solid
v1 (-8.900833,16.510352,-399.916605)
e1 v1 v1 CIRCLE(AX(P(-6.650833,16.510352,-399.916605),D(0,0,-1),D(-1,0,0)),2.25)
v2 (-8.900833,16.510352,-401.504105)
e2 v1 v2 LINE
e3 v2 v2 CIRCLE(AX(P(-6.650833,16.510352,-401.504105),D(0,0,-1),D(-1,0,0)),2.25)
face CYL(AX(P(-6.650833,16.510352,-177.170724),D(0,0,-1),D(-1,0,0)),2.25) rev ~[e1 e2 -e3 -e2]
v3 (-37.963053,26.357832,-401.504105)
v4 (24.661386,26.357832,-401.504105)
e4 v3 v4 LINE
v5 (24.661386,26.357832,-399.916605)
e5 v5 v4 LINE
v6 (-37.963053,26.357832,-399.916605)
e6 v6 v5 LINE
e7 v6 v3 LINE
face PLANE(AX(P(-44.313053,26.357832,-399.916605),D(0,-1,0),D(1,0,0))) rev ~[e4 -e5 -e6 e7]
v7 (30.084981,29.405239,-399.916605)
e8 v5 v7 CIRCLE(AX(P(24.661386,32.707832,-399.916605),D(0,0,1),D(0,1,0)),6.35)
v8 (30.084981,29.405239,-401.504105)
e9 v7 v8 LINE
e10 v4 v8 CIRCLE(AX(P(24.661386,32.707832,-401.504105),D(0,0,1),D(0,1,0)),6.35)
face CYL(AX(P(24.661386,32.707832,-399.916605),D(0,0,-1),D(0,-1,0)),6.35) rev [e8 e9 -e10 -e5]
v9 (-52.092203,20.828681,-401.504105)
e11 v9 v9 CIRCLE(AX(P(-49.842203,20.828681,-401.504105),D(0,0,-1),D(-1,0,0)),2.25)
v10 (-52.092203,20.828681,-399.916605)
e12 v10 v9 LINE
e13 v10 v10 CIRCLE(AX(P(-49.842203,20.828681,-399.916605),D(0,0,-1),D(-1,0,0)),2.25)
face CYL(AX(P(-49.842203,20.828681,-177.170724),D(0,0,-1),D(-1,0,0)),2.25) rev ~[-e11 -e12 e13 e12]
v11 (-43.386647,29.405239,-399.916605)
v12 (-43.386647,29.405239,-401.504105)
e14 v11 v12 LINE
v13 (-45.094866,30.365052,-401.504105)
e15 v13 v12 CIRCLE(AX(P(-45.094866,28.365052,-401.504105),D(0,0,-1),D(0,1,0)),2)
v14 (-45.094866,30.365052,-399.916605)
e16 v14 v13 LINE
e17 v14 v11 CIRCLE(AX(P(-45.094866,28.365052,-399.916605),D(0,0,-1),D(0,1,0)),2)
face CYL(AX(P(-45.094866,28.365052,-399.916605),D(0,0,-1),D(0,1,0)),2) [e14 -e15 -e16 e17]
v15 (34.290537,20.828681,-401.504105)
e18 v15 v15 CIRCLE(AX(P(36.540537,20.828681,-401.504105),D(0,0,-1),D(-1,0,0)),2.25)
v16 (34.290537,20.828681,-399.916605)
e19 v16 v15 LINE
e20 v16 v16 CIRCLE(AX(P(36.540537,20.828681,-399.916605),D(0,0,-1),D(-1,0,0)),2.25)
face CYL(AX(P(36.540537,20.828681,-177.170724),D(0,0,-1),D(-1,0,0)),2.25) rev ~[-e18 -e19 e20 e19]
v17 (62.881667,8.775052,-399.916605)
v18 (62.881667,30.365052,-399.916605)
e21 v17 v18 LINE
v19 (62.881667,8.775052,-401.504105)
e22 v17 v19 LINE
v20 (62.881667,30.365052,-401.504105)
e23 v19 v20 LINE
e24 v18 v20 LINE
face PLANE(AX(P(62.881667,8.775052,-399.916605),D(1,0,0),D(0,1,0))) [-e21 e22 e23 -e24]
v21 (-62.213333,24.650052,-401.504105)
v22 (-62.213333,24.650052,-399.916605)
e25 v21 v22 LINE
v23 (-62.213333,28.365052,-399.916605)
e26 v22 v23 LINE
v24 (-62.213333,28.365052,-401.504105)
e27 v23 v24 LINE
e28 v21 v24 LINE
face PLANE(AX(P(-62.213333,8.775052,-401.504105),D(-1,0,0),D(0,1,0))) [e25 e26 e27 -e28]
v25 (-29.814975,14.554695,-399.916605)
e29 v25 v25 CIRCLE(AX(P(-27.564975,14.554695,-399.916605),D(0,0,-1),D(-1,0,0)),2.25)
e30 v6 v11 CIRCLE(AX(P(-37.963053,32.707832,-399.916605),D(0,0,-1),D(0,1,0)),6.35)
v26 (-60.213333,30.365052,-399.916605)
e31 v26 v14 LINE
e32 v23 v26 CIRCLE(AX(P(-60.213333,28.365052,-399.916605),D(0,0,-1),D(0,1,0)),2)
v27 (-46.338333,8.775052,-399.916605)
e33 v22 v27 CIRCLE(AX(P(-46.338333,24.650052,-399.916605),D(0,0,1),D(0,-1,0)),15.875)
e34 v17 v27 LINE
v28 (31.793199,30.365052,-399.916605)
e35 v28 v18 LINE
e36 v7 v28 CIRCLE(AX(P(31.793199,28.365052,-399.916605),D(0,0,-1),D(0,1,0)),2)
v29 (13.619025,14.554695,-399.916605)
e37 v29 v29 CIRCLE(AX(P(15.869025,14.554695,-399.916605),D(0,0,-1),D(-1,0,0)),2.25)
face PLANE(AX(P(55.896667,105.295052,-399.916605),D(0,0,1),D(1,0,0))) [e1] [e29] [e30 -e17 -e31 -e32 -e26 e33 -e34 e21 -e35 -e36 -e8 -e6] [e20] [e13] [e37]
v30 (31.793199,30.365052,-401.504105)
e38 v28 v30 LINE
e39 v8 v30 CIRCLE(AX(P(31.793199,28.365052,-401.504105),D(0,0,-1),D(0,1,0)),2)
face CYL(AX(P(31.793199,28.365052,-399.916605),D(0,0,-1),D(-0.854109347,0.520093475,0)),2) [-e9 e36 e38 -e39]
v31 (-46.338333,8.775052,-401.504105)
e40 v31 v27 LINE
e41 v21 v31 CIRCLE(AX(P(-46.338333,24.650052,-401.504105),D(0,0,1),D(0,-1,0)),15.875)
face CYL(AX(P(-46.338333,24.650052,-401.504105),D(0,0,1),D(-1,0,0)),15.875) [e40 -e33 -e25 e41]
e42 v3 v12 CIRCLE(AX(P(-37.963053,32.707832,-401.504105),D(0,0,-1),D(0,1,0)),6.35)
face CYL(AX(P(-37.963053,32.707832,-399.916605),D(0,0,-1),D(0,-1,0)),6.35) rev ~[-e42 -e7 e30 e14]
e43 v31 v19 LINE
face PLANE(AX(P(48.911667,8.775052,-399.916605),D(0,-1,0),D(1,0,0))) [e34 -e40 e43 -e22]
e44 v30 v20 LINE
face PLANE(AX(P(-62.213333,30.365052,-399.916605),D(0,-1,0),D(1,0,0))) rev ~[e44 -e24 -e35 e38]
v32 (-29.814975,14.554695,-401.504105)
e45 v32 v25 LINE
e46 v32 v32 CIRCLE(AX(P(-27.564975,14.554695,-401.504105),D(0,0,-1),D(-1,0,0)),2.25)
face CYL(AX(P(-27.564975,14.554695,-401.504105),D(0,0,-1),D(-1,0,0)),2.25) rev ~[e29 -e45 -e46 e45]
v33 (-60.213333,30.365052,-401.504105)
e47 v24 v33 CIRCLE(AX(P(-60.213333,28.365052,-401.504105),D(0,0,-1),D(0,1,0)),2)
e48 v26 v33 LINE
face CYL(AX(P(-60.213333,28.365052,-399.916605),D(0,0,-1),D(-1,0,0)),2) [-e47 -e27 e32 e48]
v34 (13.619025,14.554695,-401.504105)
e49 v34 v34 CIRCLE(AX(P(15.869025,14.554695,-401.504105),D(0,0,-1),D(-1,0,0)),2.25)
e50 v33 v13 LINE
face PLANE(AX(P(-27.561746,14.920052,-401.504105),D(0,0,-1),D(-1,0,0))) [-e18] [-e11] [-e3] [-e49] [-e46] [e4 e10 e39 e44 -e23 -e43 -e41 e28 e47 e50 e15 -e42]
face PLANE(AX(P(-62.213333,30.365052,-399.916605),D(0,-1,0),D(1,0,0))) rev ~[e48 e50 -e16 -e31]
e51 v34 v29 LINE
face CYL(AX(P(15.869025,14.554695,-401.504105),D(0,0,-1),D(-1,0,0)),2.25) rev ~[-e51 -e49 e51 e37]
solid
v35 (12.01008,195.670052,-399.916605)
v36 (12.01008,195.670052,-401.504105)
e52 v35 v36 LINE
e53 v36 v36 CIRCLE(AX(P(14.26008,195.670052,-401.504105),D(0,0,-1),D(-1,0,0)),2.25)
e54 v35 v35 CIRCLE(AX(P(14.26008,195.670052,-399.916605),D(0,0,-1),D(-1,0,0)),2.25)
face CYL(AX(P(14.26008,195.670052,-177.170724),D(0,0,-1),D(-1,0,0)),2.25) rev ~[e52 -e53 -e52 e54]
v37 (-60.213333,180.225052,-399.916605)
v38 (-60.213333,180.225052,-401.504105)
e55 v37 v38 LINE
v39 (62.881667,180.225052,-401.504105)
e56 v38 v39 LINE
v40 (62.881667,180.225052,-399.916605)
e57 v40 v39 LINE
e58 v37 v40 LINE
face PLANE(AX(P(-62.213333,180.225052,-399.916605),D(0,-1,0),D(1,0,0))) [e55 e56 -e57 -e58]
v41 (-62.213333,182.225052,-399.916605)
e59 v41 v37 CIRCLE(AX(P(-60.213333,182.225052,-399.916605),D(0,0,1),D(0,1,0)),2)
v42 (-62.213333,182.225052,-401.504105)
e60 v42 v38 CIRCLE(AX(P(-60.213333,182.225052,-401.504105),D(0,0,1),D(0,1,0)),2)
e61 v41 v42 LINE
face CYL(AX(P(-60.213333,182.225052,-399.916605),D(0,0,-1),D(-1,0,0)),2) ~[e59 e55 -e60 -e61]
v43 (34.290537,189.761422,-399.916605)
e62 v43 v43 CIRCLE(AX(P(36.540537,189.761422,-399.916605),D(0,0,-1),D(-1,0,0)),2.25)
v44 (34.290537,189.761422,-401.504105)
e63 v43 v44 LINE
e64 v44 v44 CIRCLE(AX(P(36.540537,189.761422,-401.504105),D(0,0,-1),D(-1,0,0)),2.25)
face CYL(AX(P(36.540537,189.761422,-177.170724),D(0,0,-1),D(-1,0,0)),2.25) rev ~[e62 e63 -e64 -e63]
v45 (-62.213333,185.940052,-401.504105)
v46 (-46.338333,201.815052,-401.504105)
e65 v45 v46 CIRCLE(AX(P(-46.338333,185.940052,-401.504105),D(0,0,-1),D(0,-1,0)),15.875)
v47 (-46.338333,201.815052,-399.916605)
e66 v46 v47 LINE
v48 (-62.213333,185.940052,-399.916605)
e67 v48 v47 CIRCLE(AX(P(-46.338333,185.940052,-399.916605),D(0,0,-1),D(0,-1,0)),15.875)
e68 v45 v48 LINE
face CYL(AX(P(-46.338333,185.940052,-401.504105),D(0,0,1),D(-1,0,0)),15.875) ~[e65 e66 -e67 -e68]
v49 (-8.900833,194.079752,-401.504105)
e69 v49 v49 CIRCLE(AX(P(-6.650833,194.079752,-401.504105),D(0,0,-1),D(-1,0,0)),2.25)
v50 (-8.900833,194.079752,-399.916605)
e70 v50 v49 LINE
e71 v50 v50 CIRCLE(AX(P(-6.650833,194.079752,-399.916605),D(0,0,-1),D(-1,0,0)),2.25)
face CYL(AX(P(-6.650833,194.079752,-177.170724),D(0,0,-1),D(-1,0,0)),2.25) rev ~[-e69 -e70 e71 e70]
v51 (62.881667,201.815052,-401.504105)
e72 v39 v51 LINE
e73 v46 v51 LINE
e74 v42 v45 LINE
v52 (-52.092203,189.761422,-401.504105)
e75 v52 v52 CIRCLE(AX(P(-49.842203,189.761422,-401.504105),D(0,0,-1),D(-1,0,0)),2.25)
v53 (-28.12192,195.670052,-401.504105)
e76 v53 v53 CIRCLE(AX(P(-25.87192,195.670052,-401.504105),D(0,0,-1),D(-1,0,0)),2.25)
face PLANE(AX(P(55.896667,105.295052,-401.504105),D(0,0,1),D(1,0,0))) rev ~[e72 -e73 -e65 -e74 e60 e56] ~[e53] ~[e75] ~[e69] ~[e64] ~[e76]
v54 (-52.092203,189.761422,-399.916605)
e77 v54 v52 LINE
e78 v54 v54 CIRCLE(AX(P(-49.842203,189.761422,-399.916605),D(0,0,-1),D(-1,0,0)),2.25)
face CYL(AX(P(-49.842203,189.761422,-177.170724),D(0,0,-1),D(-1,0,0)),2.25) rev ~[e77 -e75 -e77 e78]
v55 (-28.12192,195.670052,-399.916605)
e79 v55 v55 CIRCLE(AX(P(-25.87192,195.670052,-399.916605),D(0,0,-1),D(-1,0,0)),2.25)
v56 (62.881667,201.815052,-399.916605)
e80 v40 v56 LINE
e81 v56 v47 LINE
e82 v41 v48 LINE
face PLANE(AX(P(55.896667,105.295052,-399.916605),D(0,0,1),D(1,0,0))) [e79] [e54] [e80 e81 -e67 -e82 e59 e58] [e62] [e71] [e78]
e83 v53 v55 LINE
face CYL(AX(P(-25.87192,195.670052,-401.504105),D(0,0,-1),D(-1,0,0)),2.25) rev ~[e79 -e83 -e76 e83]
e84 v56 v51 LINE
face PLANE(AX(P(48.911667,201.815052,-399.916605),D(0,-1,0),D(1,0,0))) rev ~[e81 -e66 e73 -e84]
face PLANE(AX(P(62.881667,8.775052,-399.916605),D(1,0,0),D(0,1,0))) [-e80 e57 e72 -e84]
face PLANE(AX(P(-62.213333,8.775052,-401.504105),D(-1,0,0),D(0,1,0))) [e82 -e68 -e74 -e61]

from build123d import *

# Parameters (mm, degrees)
SKETCH2_W            = 111.125
SKETCH2_H            = 193.04
BOSS_EXTRUDE1_DEPTH  = 1.5875
M4_CLEARANCE_HOLE1_D = 4.5
FILLET1_R            = 15.875
SKETCH6_R            = 2.4003
SKETCH6_R_2          = 3
SKETCH6_R_3          = 6.477
SKETCH6_R_4          = 10.762
CUT_EXTRUDE1_DEPTH   = 212.192646736
SKETCH7_W            = 13.97
SKETCH7_H            = 193.04
BOSS_EXTRUDE2_DEPTH  = 1.5875
SKETCH8_W            = 75.32443897
SKETCH8_H            = 38.1
SKETCH8_R            = 10.762
SKETCH8_R_2          = 3
SKETCH8_H_2          = 31.75
SKETCH8_H_3          = 34.487219484
SKETCH8_R_3          = 2.4003
SKETCH8_R_4          = 6.477
SKETCH8_R_5          = 8.9535
CUT_EXTRUDE2_DEPTH   = 1.5875
FILLET2_R            = 9.525
FILLET3_R            = 6.35
FILLET4_R            = 9.525
SKETCH9_W            = 125.095
SKETCH9_H            = 149.86
CUT_EXTRUDE5_DEPTH   = 80
FILLET6_R            = 2
FILLET8_R            = 2
FILLET9_R            = 2
FILLET10_R           = 2
SKETCH17_R           = 2.25
CUT_EXTRUDE12_DEPTH  = 72.5925
SKETCH18_R           = 2.25
BOSS_EXTRUDE9_DEPTH  = 1.5875
SKETCH20_R           = 2.25
CUT_EXTRUDE18_DEPTH  = 17.5875


with BuildPart() as part:
    # Sketch2 → Boss-Extrude1 (new body)
    with BuildSketch(Plane.XY.offset(-401.504104662)):
        with Locations((-6.650833159, 105.295051609)):
            Rectangle(SKETCH2_W, SKETCH2_H)
    extrude(amount=BOSS_EXTRUDE1_DEPTH)

    # M4 Clearance Hole1 (through all)
    with Locations(Plane.XY.offset(-399.916604662)):
        with Locations((36.540537091, 189.761421859), (-6.650833159, 194.079751609), (-49.842203409, 189.761421859), (-54.160533159, 133.489051609), (-54.160533159, 77.101051609), (-49.842203409, 20.82868136), (-6.650833159, 16.510351609), (36.540537091, 20.82868136), (40.858866841, 77.101051609), (40.858866841, 133.489051609), (14.260079544, 195.670051609), (-55.750833159, 105.295051609), (-27.561745863, 14.920051609)):
            Hole(M4_CLEARANCE_HOLE1_D / 2)

    # Fillet1
    fillet1_edges = [part.edges().sort_by_distance(p)[0] for p in [
        (-62.213333159, 201.815051609, -400.710354662),
        (-62.213333159, 8.775051609, -400.710354662),
    ]]
    fillet(fillet1_edges, radius=FILLET1_R)

    # Sketch6 → Cut-Extrude1 (cut, through all)
    with BuildSketch(Plane.XY.offset(-399.916604662)):
        with Locations((-34.590833159, 43.382551609)):
            Circle(SKETCH6_R)
        with Locations((21.289166841, 43.382551609)):
            Circle(SKETCH6_R)
        with Locations((-20.884724927, 142.590766631)):
            Circle(SKETCH6_R_2)
        with Locations((7.583058609, 166.225175879)):
            Circle(SKETCH6_R_2)
        with Locations((3.509166841, 43.382551609)):
            Circle(SKETCH6_R_3)
        with Locations((-16.810833159, 43.382551609)):
            Circle(SKETCH6_R_3)
        with Locations((-33.320833159, 123.670051609)):
            Circle(SKETCH6_R_3)
        with Locations((-6.650833159, 154.407971255)):
            Circle(SKETCH6_R_4)
        with Locations((-6.650833159, 94.607131964)):
            Circle(SKETCH6_R_4)
    extrude(amount=-CUT_EXTRUDE1_DEPTH, mode=Mode.SUBTRACT)

    # Sketch7 → Boss-Extrude2 (add)
    with BuildSketch(Plane.XY.offset(-399.916604662)):
        with Locations((55.896666841, 105.295051609)):
            Rectangle(SKETCH7_W, SKETCH7_H)
    extrude(amount=-BOSS_EXTRUDE2_DEPTH)

    # Sketch8 → Cut-Extrude2 (cut)
    # profile 1 of 4: a face of its own
    with BuildSketch(Plane.XY.offset(-399.916604662)):
        with Locations((-6.650833159, 154.407971255)):
            Rectangle(SKETCH8_W, SKETCH8_H)
        with Locations((-6.650833159, 154.407971255)):
            Circle(SKETCH8_R, mode=Mode.SUBTRACT)
        with Locations((7.583058609, 166.225175879)):
            Circle(SKETCH8_R_2, mode=Mode.SUBTRACT)
        with Locations((-20.884724927, 142.590766631)):
            Circle(SKETCH8_R_2, mode=Mode.SUBTRACT)
    # profile 2 of 4: a face of its own
    with BuildSketch(Plane.XY.offset(-399.916604662)):
        with Locations((-6.650833159, 94.607131964)):
            Rectangle(SKETCH8_W, SKETCH8_H_2)
        with Locations((-6.650833159, 94.607131964)):
            Circle(SKETCH8_R, mode=Mode.SUBTRACT)
    # profile 3 of 4: a face of its own
    with BuildSketch(Plane.XY.offset(-399.916604662)):
        with Locations((-6.650833159, 43.601441867)):
            Rectangle(SKETCH8_W, SKETCH8_H_3)
        with Locations((-34.590833159, 43.382551609)):
            Circle(SKETCH8_R_3, mode=Mode.SUBTRACT)
        with Locations((-16.810833159, 43.382551609)):
            Circle(SKETCH8_R_4, mode=Mode.SUBTRACT)
        with Locations((3.509166841, 43.382551609)):
            Circle(SKETCH8_R_4, mode=Mode.SUBTRACT)
        with Locations((21.289166841, 43.382551609)):
            Circle(SKETCH8_R_3, mode=Mode.SUBTRACT)
    # profile 4 of 4: a face of its own
    with BuildSketch(Plane.XY.offset(-399.916604662)):
        with Locations((-33.320833159, 123.670051609)):
            Circle(SKETCH8_R_5)
        with Locations((-33.320833159, 123.670051609)):
            Circle(SKETCH8_R_4, mode=Mode.SUBTRACT)
    extrude(amount=-CUT_EXTRUDE2_DEPTH, mode=Mode.SUBTRACT)

    # Fillet2
    fillet2_edges = [part.edges().sort_by_distance(p)[0] for p in [
        (-44.313052644, 173.457971255, -400.710354662),
        (-44.313052644, 135.357971255, -400.710354662),
        (31.011386326, 135.357971255, -400.710354662),
        (31.011386326, 173.457971255, -400.710354662),
    ]]
    fillet(fillet2_edges, radius=FILLET2_R)

    # Fillet3
    fillet3_edges = [part.edges().sort_by_distance(p)[0] for p in [
        (-44.313052644, 26.357832125, -400.710354662),
        (31.011386326, 26.357832125, -400.710354662),
        (31.011386326, 60.845051609, -400.710354662),
        (-44.313052644, 60.845051609, -400.710354662),
    ]]
    fillet(fillet3_edges, radius=FILLET3_R)

    # Fillet4
    fillet4_edges = [part.edges().sort_by_distance(p)[0] for p in [
        (-44.313052644, 110.482131964, -400.710354662),
        (-44.313052644, 78.732131964, -400.710354662),
        (31.011386326, 78.732131964, -400.710354662),
        (31.011386326, 110.482131964, -400.710354662),
    ]]
    fillet(fillet4_edges, radius=FILLET4_R)

    # Sketch9 → Cut-Extrude5 (cut)
    with BuildSketch(Plane.XY.offset(-399.916604662)):
        with Locations((0.334166841, 105.295051609)):
            Rectangle(SKETCH9_W, SKETCH9_H)
    extrude(amount=-CUT_EXTRUDE5_DEPTH, mode=Mode.SUBTRACT)


with BuildPart() as cut_extrude5_piece_1:
    # of the separate pieces the step leaves, piece 1, a body of its own (cut_extrude5_pieces)
    add(part.part.solids().sort_by_distance((-62.213333159, 180.225051609, -401.504104662))[0])

    # Fillet10
    fillet10_edges = [cut_extrude5_piece_1.edges().sort_by_distance(p)[0] for p in [
        (-62.213333159, 180.225051609, -400.710354662),
    ]]
    fillet(fillet10_edges, radius=FILLET10_R)


with BuildPart() as cut_extrude5_piece_2:
    # of the separate pieces the step leaves, piece 2, a body of its own (cut_extrude5_pieces)
    add(part.part.solids().sort_by_distance((62.881666841, 30.365051609, -401.504104662))[0])

    # Fillet6
    fillet6_edges = [cut_extrude5_piece_2.edges().sort_by_distance(p)[0] for p in [
        (-62.213333159, 30.365051609, -400.710354662),
    ]]
    fillet(fillet6_edges, radius=FILLET6_R)

    # Fillet8
    fillet8_edges = [cut_extrude5_piece_2.edges().sort_by_distance(p)[0] for p in [
        (-43.86507598, 30.365051609, -400.710354662),
    ]]
    fillet(fillet8_edges, radius=FILLET8_R)

    # Fillet9
    fillet9_edges = [cut_extrude5_piece_2.edges().sort_by_distance(p)[0] for p in [
        (30.563409662, 30.365051609, -400.710354662),
    ]]
    fillet(fillet9_edges, radius=FILLET9_R)

    # Sketch17 → Cut-Extrude12 (cut)
    with BuildSketch(Plane(origin=(0, 0, -401.504104662), x_dir=(-1, 0, 0), z_dir=(0, 0, -1))):
        with Locations((-15.869025161, 14.55469533)):
            Circle(SKETCH17_R)
    extrude(amount=-CUT_EXTRUDE12_DEPTH, mode=Mode.SUBTRACT)

    # Sketch18 → Boss-Extrude9 (add)
    with BuildSketch(Plane(origin=(0, 0, -401.504104662), x_dir=(-1, 0, 0), z_dir=(0, 0, -1))):
        with Locations((27.561745863, 14.920051609)):
            Circle(SKETCH18_R)
    extrude(amount=-BOSS_EXTRUDE9_DEPTH)


with BuildPart() as cut_extrude18_tool:
    # Sketch20 → Cut-Extrude18 (new body)
    with BuildSketch(Plane(origin=(0, 0, -401.504104662), x_dir=(-1, 0, 0), z_dir=(0, 0, -1))):
        with Locations((27.564974839, 14.55469533)):
            Circle(SKETCH20_R)
        with Locations((25.871920456, 195.670051609)):
            Circle(SKETCH20_R)
    extrude(amount=-CUT_EXTRUDE18_DEPTH)


with BuildPart() as cut_extrude5_piece_1_1:
    add(cut_extrude5_piece_1.part)

    # Cut-Extrude18: cut by cut_extrude18_tool
    add(cut_extrude18_tool.part, mode=Mode.SUBTRACT)


with BuildPart() as cut_extrude5_piece_2_1:
    add(cut_extrude5_piece_2.part)

    # Cut-Extrude18: cut by cut_extrude18_tool
    add(cut_extrude18_tool.part, mode=Mode.SUBTRACT)


solid = Compound([cut_extrude5_piece_1_1.part, cut_extrude5_piece_2_1.part])
